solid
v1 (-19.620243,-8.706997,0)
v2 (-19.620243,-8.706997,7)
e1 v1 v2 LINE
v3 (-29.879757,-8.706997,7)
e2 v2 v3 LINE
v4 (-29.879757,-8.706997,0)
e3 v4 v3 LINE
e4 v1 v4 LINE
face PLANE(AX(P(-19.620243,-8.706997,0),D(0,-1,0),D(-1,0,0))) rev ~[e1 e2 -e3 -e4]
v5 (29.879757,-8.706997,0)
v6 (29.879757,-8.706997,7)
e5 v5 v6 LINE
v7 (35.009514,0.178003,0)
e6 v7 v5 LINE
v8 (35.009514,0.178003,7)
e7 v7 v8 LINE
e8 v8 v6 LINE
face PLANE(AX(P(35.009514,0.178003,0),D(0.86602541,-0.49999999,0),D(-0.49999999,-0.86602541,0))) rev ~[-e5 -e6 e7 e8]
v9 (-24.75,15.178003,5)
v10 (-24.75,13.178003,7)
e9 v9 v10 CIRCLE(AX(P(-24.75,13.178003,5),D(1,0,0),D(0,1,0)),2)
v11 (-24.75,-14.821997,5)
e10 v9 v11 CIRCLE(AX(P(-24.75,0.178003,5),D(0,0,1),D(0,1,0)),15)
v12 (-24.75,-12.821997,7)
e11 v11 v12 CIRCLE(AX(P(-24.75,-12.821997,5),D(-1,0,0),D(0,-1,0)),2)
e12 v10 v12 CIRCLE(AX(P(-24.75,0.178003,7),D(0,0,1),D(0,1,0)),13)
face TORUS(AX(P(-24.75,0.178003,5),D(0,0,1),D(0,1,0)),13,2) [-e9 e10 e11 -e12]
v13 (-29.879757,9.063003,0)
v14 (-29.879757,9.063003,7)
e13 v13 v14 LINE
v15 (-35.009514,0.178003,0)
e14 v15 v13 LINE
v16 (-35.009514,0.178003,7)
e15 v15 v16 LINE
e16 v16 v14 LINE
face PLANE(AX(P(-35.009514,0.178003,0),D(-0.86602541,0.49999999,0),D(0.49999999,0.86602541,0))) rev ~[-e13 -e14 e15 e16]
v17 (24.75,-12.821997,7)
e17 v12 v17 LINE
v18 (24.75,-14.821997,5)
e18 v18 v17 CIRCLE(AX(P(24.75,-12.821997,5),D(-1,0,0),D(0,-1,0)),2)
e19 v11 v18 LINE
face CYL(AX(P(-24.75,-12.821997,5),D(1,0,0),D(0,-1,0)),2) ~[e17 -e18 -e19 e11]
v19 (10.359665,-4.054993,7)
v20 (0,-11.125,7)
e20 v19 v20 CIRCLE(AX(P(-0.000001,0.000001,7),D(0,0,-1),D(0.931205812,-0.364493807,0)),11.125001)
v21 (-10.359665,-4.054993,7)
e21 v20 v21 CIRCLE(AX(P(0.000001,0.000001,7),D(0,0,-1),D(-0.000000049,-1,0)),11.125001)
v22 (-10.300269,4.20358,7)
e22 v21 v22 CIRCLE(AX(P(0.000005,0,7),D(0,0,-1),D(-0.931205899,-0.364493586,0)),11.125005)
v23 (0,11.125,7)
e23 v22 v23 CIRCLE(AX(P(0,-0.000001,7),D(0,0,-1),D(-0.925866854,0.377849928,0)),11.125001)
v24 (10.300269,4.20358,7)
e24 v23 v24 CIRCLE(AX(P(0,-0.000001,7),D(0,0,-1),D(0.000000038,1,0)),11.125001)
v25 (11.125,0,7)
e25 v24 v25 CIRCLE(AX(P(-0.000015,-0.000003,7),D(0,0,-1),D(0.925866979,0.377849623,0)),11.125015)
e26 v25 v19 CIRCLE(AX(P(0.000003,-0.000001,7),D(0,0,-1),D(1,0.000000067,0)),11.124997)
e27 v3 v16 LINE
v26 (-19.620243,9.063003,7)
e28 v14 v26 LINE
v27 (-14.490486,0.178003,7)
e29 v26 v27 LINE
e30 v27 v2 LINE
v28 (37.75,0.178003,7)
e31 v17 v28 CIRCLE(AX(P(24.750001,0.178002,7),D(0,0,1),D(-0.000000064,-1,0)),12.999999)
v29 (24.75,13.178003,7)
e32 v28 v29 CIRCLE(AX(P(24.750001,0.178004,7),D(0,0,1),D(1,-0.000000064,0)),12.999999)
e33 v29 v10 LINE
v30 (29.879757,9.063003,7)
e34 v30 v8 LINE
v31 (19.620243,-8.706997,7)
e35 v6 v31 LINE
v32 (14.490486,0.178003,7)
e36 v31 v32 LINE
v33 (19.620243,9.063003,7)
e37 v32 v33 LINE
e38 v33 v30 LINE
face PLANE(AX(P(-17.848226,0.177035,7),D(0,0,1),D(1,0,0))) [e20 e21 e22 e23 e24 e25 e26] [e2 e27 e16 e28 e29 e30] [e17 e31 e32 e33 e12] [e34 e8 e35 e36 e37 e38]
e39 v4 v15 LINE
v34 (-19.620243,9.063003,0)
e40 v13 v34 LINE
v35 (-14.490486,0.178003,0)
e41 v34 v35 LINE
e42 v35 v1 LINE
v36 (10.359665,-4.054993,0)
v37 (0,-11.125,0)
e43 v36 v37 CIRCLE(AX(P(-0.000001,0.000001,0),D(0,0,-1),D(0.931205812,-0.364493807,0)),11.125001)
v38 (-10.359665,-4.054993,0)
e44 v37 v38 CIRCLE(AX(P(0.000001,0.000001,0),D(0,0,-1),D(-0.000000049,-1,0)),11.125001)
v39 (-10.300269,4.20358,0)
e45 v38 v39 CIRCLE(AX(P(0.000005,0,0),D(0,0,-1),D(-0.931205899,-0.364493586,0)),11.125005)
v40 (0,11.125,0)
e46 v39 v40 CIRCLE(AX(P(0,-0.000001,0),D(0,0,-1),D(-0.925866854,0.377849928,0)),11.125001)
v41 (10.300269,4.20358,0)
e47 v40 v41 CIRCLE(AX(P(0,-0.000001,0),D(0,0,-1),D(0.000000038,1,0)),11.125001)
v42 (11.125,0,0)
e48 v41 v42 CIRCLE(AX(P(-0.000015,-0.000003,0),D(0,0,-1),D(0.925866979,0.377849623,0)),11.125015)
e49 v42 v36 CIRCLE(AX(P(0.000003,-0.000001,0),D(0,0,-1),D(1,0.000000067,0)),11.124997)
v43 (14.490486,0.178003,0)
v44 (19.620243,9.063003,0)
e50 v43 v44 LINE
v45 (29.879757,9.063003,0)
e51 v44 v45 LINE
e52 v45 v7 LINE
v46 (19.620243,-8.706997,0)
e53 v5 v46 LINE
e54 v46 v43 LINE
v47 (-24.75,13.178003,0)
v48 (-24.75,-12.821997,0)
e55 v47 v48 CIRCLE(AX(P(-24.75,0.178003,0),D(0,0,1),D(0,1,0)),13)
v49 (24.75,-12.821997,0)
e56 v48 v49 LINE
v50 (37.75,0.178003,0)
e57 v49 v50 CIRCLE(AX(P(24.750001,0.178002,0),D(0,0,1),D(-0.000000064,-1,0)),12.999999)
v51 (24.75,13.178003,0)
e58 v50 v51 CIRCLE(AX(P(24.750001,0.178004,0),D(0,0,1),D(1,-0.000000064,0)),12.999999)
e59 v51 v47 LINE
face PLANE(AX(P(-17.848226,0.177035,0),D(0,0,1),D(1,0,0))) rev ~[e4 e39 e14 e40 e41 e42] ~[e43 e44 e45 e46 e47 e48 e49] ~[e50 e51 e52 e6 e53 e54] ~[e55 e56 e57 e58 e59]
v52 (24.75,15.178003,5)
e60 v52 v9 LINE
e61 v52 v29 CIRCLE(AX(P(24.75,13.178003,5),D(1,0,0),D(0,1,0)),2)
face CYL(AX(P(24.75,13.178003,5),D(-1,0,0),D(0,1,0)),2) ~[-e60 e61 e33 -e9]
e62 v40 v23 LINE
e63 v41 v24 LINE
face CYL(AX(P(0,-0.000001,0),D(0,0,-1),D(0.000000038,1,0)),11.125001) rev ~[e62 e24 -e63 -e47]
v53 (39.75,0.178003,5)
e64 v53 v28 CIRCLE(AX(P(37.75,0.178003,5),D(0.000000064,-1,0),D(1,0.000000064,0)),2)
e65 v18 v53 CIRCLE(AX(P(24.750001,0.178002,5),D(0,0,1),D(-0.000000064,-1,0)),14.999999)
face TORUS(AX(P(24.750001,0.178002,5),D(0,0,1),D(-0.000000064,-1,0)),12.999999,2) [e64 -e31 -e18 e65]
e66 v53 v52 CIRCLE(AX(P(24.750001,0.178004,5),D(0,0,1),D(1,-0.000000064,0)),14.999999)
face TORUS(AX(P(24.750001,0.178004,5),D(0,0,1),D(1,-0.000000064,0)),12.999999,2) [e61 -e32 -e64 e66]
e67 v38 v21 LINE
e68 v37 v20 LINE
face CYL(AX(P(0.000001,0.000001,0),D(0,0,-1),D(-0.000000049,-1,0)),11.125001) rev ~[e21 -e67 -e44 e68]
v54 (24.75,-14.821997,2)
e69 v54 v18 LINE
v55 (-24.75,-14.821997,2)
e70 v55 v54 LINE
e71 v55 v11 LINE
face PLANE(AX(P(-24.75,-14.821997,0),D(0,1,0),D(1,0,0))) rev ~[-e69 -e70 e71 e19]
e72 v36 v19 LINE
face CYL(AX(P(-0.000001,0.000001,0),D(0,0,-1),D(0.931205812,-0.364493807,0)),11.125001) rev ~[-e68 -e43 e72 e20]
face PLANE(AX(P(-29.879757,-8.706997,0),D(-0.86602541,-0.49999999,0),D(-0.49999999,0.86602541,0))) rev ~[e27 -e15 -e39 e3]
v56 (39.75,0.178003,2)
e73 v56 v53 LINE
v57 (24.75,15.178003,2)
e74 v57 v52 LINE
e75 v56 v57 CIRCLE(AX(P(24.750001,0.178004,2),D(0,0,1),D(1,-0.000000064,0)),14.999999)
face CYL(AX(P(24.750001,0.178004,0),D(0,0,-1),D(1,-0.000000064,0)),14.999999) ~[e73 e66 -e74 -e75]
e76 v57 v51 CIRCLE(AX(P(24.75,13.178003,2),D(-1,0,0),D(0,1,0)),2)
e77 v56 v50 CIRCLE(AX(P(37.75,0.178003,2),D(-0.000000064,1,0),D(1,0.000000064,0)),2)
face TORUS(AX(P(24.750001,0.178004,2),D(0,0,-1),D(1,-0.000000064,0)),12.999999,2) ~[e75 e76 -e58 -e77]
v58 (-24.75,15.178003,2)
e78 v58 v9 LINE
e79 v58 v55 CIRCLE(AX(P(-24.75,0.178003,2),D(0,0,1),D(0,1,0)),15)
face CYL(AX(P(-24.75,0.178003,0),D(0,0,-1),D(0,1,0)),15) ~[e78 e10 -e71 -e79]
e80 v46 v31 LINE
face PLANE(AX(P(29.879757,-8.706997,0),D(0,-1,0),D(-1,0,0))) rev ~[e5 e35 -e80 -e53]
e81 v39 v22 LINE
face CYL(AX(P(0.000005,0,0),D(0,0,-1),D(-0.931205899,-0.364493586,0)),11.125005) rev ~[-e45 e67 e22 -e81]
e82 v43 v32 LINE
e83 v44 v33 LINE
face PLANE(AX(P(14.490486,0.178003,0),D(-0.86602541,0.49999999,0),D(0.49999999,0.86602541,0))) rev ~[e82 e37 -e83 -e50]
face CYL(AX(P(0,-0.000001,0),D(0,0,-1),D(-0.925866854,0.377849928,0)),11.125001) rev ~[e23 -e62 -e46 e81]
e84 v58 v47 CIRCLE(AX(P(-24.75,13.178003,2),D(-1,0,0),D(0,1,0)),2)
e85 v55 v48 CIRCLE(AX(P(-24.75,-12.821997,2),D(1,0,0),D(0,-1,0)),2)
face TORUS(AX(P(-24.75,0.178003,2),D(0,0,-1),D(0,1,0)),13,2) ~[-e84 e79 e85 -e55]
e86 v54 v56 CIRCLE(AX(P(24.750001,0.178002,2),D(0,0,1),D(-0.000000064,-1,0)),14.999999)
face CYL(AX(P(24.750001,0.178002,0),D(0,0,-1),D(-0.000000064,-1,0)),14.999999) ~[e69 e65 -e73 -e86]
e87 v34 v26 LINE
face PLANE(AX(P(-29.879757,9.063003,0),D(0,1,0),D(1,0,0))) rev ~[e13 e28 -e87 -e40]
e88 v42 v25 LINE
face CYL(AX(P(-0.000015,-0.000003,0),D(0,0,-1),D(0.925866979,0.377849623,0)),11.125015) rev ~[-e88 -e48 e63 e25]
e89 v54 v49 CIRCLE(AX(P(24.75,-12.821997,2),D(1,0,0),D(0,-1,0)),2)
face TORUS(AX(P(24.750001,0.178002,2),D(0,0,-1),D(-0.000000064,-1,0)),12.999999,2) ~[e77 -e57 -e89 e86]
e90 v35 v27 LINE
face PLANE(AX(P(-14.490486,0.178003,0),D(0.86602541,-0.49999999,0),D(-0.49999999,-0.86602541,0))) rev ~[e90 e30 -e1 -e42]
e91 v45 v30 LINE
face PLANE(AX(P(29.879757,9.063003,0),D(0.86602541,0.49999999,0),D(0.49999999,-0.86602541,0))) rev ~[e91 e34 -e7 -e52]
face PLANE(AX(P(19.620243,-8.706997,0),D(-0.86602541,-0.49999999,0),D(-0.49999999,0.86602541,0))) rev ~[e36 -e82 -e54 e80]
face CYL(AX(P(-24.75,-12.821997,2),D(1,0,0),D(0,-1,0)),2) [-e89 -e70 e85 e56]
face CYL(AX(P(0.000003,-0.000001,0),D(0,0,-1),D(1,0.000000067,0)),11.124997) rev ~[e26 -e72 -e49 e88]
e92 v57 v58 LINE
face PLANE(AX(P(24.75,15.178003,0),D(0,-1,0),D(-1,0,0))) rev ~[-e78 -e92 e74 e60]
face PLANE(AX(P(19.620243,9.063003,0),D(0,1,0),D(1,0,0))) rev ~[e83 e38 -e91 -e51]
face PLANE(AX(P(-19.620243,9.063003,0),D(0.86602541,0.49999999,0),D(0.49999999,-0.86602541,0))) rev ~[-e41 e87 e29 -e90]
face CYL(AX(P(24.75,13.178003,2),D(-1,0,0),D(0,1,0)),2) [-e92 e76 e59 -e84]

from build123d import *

# Parameters (mm, degrees)
F1_DEPTH = 7
F2_R     = 2


with BuildPart() as f1:
    # F0 (on Top) → F1 (new body)
    with BuildSketch(Plane.XY):
        with BuildLine():
            ThreePointArc((-10.359665, -4.054993), (-11.124712, 0.080009), (-10.300269, 4.20358))
            ThreePointArc((-10.300269, 4.20358), (-15.677615, 12.123372), (-24.75, 15.178003))
            Line((-24.75, 15.178003), (-24.75, 9.063003))
            Line((-24.75, 9.063003), (-19.620243, 9.063003))
            Line((-19.620243, 9.063003), (-14.490486, 0.178003))
            Line((-14.490486, 0.178003), (-19.620243, -8.706997))
            Line((-19.620243, -8.706997), (-24.75, -8.706997))
            Line((-24.75, -8.706997), (-24.75, -14.821997))
            ThreePointArc((-24.75, -14.821997), (-15.763759, -11.832304), (-10.359665, -4.054993))
        make_face()
        with BuildLine():
            Line((-24.75, 9.063003), (-24.75, 15.178003))
            ThreePointArc((-24.75, 15.178003), (-39.75, 0.178003), (-24.75, -14.821997))
            Line((-24.75, -14.821997), (-24.75, -8.706997))
            Line((-24.75, -8.706997), (-29.879757, -8.706997))
            Line((-29.879757, -8.706997), (-35.009514, 0.178003))
            Line((-35.009514, 0.178003), (-29.879757, 9.063003))
            Line((-29.879757, 9.063003), (-24.75, 9.063003))
        make_face()
        with BuildLine():
            ThreePointArc((-10.300269, 4.20358), (-6.204869, 9.233917), (0, 11.125))
            Line((0, 11.125), (0, 15.178003))
            Line((0, 15.178003), (-24.75, 15.178003))
            ThreePointArc((-24.75, 15.178003), (-15.677615, 12.123372), (-10.300269, 4.20358))
        make_face()
        with BuildLine():
            ThreePointArc((0, 11.125), (6.204869, 9.233917), (10.300269, 4.20358))
            ThreePointArc((10.300269, 4.20358), (15.677615, 12.123372), (24.75, 15.178003))
            Line((24.75, 15.178003), (0, 15.178003))
            Line((0, 15.178003), (0, 11.125))
        make_face()
        with BuildLine():
            Line((0, -14.821997), (0, -11.125))
            ThreePointArc((0, -11.125), (-6.271117, -9.189054), (-10.359665, -4.054993))
            ThreePointArc((-10.359665, -4.054993), (-15.763759, -11.832304), (-24.75, -14.821997))
            Line((-24.75, -14.821997), (0, -14.821997))
        make_face()
        with BuildLine():
            ThreePointArc((24.75, -14.821997), (15.763759, -11.832304), (10.359665, -4.054993))
            ThreePointArc((10.359665, -4.054993), (6.271117, -9.189054), (0, -11.125))
            Line((0, -11.125), (0, -14.821997))
            Line((0, -14.821997), (24.75, -14.821997))
        make_face()
        with BuildLine():
            ThreePointArc((10.300269, 4.20358), (10.91687, 2.141861), (11.125, 0))
            ThreePointArc((11.125, 0), (10.931992, -2.063293), (10.359665, -4.054993))
            ThreePointArc((10.359665, -4.054993), (15.763759, -11.832304), (24.75, -14.821997))
            Line((24.75, -14.821997), (24.75, -8.706997))
            Line((24.75, -8.706997), (19.620243, -8.706997))
            Line((19.620243, -8.706997), (14.490486, 0.178003))
            Line((14.490486, 0.178003), (19.620243, 9.063003))
            Line((19.620243, 9.063003), (24.75, 9.063003))
            Line((24.75, 9.063003), (24.75, 15.178003))
            ThreePointArc((24.75, 15.178003), (15.677615, 12.123372), (10.300269, 4.20358))
        make_face()
        with BuildLine():
            ThreePointArc((39.75, 0.178003), (35.356602, 10.784605), (24.75, 15.178003))
            Line((24.75, 15.178003), (24.75, 9.063003))
            Line((24.75, 9.063003), (29.879757, 9.063003))
            Line((29.879757, 9.063003), (35.009514, 0.178003))
            Line((35.009514, 0.178003), (29.879757, -8.706997))
            Line((29.879757, -8.706997), (24.75, -8.706997))
            Line((24.75, -8.706997), (24.75, -14.821997))
            ThreePointArc((24.75, -14.821997), (35.356602, -10.428599), (39.75, 0.178003))
        make_face()
    extrude(amount=F1_DEPTH)

    # F2
    f2_edges = [f1.edges().sort_by_distance(p)[0] for p in [
        (0, 15.178003, 7),
        (0, 15.178003, 0),
    ]]
    fillet(f2_edges, radius=F2_R)


solid = f1.part
